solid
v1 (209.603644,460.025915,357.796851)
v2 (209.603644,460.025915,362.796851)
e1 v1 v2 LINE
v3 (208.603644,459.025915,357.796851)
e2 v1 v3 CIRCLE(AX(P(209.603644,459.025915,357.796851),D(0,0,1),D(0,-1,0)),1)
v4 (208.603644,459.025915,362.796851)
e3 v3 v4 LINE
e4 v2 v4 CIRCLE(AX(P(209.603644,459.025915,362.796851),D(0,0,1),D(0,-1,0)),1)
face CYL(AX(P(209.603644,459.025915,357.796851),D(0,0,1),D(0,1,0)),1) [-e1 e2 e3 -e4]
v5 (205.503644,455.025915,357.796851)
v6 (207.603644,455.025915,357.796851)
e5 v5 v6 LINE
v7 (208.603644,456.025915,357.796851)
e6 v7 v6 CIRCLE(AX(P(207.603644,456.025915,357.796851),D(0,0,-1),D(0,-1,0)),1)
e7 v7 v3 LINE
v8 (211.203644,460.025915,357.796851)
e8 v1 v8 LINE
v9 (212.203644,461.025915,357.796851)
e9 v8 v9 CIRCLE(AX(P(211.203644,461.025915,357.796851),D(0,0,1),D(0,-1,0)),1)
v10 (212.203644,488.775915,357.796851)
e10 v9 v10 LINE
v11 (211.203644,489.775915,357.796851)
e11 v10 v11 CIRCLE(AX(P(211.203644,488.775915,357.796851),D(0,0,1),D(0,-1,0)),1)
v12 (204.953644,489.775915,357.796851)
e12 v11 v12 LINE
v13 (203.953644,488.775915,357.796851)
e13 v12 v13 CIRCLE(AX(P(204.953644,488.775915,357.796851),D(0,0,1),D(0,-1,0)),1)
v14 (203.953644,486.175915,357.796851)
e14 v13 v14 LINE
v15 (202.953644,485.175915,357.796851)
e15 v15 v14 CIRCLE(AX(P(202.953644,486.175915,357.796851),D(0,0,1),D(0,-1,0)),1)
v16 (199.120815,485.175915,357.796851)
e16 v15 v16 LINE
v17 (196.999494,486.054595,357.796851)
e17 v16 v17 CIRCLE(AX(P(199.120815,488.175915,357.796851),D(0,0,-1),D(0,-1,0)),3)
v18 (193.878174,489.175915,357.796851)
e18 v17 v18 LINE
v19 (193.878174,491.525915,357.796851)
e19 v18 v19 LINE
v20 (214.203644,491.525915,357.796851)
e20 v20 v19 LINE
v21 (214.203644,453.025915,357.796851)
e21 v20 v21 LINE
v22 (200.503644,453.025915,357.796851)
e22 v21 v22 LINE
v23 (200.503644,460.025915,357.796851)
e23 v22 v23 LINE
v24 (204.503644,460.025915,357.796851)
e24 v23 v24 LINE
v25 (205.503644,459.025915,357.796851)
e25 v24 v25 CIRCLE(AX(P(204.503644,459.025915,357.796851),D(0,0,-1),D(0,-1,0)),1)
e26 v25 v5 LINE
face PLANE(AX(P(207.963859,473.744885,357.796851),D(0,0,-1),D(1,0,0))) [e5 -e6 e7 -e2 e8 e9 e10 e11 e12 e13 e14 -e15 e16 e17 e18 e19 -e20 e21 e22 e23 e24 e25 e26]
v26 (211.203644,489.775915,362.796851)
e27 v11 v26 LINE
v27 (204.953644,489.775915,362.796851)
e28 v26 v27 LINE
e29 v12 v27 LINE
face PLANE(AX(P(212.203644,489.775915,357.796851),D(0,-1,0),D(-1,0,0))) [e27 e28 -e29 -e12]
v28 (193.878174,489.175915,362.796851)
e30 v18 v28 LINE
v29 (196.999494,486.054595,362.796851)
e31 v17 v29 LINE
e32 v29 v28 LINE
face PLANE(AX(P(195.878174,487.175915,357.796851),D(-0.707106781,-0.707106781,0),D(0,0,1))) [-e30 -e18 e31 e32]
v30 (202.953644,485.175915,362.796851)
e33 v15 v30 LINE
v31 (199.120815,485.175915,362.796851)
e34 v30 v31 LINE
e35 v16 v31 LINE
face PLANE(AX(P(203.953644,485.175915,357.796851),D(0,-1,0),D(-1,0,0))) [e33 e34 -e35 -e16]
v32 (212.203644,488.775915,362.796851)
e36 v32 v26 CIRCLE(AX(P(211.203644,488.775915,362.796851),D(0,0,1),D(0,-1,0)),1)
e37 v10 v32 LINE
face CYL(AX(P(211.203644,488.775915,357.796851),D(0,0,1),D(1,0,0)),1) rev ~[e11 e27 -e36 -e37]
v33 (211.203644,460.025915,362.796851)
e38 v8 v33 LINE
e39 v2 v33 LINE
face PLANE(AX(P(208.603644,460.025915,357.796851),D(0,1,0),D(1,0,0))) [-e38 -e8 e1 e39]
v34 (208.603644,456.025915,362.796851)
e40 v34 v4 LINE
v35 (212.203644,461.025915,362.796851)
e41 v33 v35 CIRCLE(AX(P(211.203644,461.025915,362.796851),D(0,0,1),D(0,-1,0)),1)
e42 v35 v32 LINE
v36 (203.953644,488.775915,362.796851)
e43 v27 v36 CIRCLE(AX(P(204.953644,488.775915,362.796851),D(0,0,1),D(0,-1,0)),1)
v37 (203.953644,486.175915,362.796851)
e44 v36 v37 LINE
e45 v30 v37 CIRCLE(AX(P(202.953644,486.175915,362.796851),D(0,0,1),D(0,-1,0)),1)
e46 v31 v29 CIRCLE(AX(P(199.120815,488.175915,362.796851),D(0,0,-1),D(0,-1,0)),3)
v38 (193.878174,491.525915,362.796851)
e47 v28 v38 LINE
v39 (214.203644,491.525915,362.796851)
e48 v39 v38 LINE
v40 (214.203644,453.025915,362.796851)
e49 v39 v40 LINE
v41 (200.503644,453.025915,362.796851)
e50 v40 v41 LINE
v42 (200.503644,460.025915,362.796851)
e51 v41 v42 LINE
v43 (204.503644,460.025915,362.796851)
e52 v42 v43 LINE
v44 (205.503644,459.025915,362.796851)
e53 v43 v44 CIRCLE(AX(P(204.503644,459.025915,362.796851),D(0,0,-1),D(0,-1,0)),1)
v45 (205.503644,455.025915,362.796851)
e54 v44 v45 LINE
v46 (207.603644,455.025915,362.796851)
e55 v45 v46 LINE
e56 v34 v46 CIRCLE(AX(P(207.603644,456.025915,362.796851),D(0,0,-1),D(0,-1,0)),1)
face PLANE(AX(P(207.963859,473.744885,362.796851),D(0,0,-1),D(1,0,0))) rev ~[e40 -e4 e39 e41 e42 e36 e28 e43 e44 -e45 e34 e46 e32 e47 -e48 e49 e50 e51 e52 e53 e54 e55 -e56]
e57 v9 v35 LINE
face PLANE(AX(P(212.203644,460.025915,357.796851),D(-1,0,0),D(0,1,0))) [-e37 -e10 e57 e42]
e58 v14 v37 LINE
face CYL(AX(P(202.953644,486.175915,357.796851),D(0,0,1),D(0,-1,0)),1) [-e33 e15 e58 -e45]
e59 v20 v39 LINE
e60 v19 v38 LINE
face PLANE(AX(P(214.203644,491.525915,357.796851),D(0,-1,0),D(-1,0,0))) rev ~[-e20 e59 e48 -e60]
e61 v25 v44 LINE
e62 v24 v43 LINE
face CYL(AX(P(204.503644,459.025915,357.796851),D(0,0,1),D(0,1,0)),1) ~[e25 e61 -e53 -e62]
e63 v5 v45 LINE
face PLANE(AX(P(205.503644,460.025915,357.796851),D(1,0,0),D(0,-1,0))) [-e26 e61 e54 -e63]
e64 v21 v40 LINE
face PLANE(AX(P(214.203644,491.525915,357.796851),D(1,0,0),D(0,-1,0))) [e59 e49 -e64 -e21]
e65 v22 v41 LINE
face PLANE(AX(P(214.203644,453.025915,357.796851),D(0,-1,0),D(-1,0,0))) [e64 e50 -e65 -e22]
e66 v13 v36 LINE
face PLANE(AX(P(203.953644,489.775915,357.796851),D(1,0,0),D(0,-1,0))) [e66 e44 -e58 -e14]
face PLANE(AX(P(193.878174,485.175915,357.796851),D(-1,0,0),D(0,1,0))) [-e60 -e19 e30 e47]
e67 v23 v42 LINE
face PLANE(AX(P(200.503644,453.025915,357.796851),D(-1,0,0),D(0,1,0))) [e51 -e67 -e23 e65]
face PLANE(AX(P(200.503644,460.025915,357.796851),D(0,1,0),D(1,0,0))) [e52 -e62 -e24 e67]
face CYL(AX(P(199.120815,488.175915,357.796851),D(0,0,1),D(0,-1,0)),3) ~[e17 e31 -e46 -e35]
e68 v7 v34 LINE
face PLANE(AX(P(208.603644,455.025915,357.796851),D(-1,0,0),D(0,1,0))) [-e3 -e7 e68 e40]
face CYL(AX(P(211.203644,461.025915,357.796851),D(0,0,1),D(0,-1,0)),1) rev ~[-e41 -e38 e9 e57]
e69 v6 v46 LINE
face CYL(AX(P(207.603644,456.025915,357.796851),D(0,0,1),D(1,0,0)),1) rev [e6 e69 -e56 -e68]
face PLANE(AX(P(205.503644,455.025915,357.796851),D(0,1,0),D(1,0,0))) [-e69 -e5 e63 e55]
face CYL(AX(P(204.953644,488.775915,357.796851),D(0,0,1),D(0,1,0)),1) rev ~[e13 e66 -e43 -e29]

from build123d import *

# Parameters (mm, degrees)
PAD_DEPTH    = 5
FILLET_R     = 1
FILLET001_R  = 1
CHAMFER_SIZE = 4
FILLET002_R  = 3
FILLET003_R  = 1


with BuildPart() as part:
    # Sketch (on CopyPart__Feature) → Pad (new body)
    with BuildSketch(Plane(origin=(211.803644, 488.825915, 357.796851), x_dir=(-1, 0, 0), z_dir=(0, 0, 1))):
        Polygon((3.2, 28.8), (-0.4, 28.8), (-0.4, -0.95), (7.85, -0.95), (7.85, 3.65), (17.92547, 3.65), (17.92547, -2.7), (7.85, -2.7), (-2.4, -2.7), (-2.4, 35.8), (11.3, 35.8), (11.3, 28.8), (6.3, 28.8), (6.3, 33.8), (3.2, 33.8), align=None)
    extrude(amount=PAD_DEPTH)

    # Fillet
    fillet_edges = [part.edges().sort_by_distance(p)[0] for p in [
        (203.953644, 489.775915, 360.296851),
        (212.203644, 489.775915, 360.296851),
        (212.203644, 460.025915, 360.296851),
        (205.503644, 460.025915, 360.296851),
    ]]
    fillet(fillet_edges, radius=FILLET_R)

    # Fillet001
    fillet001_edges = [part.edges().sort_by_distance(p)[0] for p in [
        (208.603644, 460.025915, 360.296851),
        (208.603644, 455.025915, 360.296851),
    ]]
    fillet(fillet001_edges, radius=FILLET001_R)

    # Chamfer
    chamfer_edges = [part.edges().sort_by_distance(p)[0] for p in [
        (193.878174, 485.175915, 360.296851),
    ]]
    chamfer(chamfer_edges, length=CHAMFER_SIZE)

    # Fillet002
    fillet002_edges = [part.edges().sort_by_distance(p)[0] for p in [
        (197.878174, 485.175915, 360.296851),
    ]]
    fillet(fillet002_edges, radius=FILLET002_R)

    # Fillet003
    fillet003_edges = [part.edges().sort_by_distance(p)[0] for p in [
        (203.953644, 485.175915, 360.296851),
    ]]
    fillet(fillet003_edges, radius=FILLET003_R)


solid = part.part
